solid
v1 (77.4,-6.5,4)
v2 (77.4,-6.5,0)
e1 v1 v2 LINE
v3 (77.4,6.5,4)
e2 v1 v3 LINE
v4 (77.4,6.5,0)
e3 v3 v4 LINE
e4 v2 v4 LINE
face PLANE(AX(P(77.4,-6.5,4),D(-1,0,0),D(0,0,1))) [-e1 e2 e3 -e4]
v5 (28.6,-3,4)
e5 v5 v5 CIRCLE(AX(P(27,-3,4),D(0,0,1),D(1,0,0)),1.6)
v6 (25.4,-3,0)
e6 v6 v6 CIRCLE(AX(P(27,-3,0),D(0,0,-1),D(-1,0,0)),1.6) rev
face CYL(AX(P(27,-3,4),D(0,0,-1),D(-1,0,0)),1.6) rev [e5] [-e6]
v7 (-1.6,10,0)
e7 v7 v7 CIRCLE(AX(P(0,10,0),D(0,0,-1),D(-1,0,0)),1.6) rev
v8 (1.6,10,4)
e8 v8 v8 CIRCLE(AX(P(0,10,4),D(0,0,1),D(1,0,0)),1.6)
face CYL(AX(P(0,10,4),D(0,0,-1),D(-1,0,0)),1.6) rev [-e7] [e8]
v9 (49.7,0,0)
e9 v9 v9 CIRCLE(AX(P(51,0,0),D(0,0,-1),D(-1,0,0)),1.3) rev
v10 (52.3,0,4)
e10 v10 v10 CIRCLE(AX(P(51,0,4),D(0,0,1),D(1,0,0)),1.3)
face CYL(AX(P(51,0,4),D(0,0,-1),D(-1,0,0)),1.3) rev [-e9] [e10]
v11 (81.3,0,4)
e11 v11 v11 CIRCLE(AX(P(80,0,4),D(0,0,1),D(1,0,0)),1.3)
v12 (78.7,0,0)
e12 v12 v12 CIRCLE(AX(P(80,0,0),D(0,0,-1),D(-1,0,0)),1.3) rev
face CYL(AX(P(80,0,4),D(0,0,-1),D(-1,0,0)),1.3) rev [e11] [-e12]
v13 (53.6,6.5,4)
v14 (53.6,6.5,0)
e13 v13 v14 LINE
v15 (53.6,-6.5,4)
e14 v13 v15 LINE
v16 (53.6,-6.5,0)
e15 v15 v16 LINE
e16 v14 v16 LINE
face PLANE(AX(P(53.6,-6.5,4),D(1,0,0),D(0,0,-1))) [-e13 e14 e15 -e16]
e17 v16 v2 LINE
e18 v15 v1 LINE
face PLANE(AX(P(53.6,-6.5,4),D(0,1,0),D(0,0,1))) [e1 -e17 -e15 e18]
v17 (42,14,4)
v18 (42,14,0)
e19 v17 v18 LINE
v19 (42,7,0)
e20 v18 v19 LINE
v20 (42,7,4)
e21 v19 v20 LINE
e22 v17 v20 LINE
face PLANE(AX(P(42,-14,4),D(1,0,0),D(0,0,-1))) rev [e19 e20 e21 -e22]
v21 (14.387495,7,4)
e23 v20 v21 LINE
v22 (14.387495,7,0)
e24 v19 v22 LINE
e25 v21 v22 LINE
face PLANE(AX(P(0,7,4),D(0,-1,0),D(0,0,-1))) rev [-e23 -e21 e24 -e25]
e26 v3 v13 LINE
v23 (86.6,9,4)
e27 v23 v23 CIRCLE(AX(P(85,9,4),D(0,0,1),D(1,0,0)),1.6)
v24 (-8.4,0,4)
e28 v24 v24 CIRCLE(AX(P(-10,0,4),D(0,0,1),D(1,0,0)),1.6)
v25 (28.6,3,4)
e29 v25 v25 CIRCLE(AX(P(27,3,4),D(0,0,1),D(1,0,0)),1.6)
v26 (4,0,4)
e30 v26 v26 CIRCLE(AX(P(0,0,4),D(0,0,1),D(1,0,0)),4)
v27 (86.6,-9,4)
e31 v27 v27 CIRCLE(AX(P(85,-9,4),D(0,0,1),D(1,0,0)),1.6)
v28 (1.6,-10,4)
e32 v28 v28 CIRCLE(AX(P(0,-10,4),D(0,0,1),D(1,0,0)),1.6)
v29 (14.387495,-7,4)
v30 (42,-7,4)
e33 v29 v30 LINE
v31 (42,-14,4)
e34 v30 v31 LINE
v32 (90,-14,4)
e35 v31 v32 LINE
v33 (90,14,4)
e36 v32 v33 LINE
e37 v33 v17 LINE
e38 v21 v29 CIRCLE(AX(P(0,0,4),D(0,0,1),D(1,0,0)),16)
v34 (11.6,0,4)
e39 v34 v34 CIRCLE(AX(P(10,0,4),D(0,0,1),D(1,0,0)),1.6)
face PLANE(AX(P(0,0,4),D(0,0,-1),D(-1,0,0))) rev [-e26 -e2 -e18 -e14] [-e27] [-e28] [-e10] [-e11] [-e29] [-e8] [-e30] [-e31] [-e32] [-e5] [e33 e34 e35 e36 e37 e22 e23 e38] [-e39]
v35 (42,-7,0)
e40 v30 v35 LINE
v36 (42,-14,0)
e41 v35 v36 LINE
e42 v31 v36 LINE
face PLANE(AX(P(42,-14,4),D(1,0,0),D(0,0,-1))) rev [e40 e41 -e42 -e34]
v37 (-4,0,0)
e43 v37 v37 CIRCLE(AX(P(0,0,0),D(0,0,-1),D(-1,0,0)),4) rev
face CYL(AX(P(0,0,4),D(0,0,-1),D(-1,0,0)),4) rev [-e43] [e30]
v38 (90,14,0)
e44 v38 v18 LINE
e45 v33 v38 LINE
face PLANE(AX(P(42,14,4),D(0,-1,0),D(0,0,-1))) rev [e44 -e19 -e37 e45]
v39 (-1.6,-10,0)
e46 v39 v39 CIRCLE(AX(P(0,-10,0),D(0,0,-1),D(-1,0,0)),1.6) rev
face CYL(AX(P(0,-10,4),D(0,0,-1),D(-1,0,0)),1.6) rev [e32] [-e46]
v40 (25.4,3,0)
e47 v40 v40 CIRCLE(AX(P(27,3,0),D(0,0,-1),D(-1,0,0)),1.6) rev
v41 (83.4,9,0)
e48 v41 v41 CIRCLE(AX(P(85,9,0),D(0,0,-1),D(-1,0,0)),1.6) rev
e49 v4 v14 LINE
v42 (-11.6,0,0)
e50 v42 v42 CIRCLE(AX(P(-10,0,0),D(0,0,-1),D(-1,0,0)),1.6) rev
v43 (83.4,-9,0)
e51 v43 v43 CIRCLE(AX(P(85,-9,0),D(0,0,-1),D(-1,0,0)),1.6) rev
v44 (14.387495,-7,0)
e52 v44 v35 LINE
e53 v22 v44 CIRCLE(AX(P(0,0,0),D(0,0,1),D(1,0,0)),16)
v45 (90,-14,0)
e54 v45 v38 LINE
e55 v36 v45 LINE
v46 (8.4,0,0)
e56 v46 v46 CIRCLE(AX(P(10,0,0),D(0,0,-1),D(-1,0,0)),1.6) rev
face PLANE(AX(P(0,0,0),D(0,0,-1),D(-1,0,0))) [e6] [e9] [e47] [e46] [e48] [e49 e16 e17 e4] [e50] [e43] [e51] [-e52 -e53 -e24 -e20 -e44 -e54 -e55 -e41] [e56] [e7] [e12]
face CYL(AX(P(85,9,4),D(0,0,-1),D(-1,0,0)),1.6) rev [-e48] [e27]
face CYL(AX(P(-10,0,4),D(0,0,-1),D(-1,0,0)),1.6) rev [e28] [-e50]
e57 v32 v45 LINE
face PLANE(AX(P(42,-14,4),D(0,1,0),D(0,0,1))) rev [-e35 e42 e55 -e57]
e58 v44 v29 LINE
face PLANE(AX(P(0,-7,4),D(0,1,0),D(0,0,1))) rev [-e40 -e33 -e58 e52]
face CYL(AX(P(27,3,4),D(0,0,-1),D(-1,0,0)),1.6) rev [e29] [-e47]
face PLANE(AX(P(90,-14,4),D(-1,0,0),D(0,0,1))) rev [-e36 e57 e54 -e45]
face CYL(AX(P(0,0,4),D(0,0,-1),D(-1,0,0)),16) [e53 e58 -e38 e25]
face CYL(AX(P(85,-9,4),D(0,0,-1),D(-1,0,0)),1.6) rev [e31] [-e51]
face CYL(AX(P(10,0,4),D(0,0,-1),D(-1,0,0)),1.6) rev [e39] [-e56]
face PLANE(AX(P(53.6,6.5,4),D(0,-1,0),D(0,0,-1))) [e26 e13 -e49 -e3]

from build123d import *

# Parameters (mm, degrees)
MAIN_WEB_PROFILE_W                     = 60
MAIN_WEB_PROFILE_H                     = 14
MAIN_WEB_DEPTH                         = 4
SHOULDER_HORN_FLANGE_PROFILE_R         = 16
SHOULDER_HORN_FLANGE_DEPTH             = 4
ELBOW_SERVO_MOUNT_PROFILE_W            = 48
ELBOW_SERVO_MOUNT_PROFILE_H            = 28
ELBOW_SERVO_MOUNT_DEPTH                = 4
SG90_BODY_CLEARANCE_START              = -5
SG90_BODY_CLEARANCE_PROFILE_W          = 23.8
SG90_BODY_CLEARANCE_PROFILE_H          = 13
SG90_BODY_CLEARANCE_DEPTH              = 97.49863387
ELBOW_TAB_FASTENERS_START              = -50
ELBOW_TAB_FASTENERS_PROFILE_R          = 1.3
ELBOW_TAB_FASTENERS_DEPTH              = 142.49863387
SHOULDER_CENTER_SCREW_ACCESS_START     = -50
SHOULDER_CENTER_SCREW_ACCESS_PROFILE_R = 4
SHOULDER_CENTER_SCREW_ACCESS_DEPTH     = 142.49863387
SHOULDER_HORN_BOLT_PATTERN_START       = -50
SHOULDER_HORN_BOLT_PATTERN_PROFILE_R   = 1.6
SHOULDER_HORN_BOLT_PATTERN_DEPTH       = 142.49863387
CABLE_TIE_HOLES_START                  = -50
CABLE_TIE_HOLES_PROFILE_R              = 1.6
CABLE_TIE_HOLES_DEPTH                  = 142.49863387
PASSIVE_CHEEK_STANDOFFS_START          = -50
PASSIVE_CHEEK_STANDOFFS_PROFILE_R      = 1.6
PASSIVE_CHEEK_STANDOFFS_DEPTH          = 142.49863387


with BuildPart() as part:
    # Main_web_profile → Main_web (new body)
    with BuildSketch(Plane.XY):
        with Locations((30, 0)):
            Rectangle(MAIN_WEB_PROFILE_W, MAIN_WEB_PROFILE_H)
    extrude(amount=MAIN_WEB_DEPTH)

    # Shoulder_horn_flange_profile → Shoulder_horn_flange (add)
    with BuildSketch(Plane.XY):
        Circle(SHOULDER_HORN_FLANGE_PROFILE_R)
    extrude(amount=SHOULDER_HORN_FLANGE_DEPTH)

    # Elbow_servo_mount_profile → Elbow_servo_mount (add)
    with BuildSketch(Plane.XY):
        with Locations((66, 0)):
            Rectangle(ELBOW_SERVO_MOUNT_PROFILE_W, ELBOW_SERVO_MOUNT_PROFILE_H)
    extrude(amount=ELBOW_SERVO_MOUNT_DEPTH)

    # SG90_body_clearance_profile → SG90_body_clearance (cut, through all)
    with BuildSketch(Plane.XY.offset(SG90_BODY_CLEARANCE_START)):
        with Locations((65.5, 0)):
            Rectangle(SG90_BODY_CLEARANCE_PROFILE_W, SG90_BODY_CLEARANCE_PROFILE_H)
    extrude(amount=SG90_BODY_CLEARANCE_DEPTH, mode=Mode.SUBTRACT)

    # Elbow_tab_fasteners_profile → Elbow_tab_fasteners (cut, through all)
    with BuildSketch(Plane.XY.offset(ELBOW_TAB_FASTENERS_START)):
        with Locations(Location((51, 0, 0), (0, 0, 180))):
            Circle(ELBOW_TAB_FASTENERS_PROFILE_R)
        with Locations(Location((80, 0, 0), (0, 0, 180))):
            Circle(ELBOW_TAB_FASTENERS_PROFILE_R)
    extrude(amount=ELBOW_TAB_FASTENERS_DEPTH, mode=Mode.SUBTRACT)

    # Shoulder_center_screw_access_profile → Shoulder_center_screw_access (cut, through all)
    with BuildSketch(Plane.XY.offset(SHOULDER_CENTER_SCREW_ACCESS_START)):
        with Locations(Location((0, 0, 0), (0, 0, 180))):
            Circle(SHOULDER_CENTER_SCREW_ACCESS_PROFILE_R)
    extrude(amount=SHOULDER_CENTER_SCREW_ACCESS_DEPTH, mode=Mode.SUBTRACT)

    # Shoulder_horn_bolt_pattern_profile → Shoulder_horn_bolt_pattern (cut, through all)
    with BuildSketch(Plane.XY.offset(SHOULDER_HORN_BOLT_PATTERN_START)):
        with Locations(Location((0, 10, 0), (0, 0, 180))):
            Circle(SHOULDER_HORN_BOLT_PATTERN_PROFILE_R)
        with Locations(Location((0, -10, 0), (0, 0, 180))):
            Circle(SHOULDER_HORN_BOLT_PATTERN_PROFILE_R)
        with Locations(Location((10, 0, 0), (0, 0, 180))):
            Circle(SHOULDER_HORN_BOLT_PATTERN_PROFILE_R)
        with Locations(Location((-10, 0, 0), (0, 0, 180))):
            Circle(SHOULDER_HORN_BOLT_PATTERN_PROFILE_R)
    extrude(amount=SHOULDER_HORN_BOLT_PATTERN_DEPTH, mode=Mode.SUBTRACT)

    # Cable_tie_holes_profile → Cable_tie_holes (cut, through all)
    with BuildSketch(Plane.XY.offset(CABLE_TIE_HOLES_START)):
        with Locations(Location((27, -3, 0), (0, 0, 180))):
            Circle(CABLE_TIE_HOLES_PROFILE_R)
        with Locations(Location((27, 3, 0), (0, 0, 180))):
            Circle(CABLE_TIE_HOLES_PROFILE_R)
    extrude(amount=CABLE_TIE_HOLES_DEPTH, mode=Mode.SUBTRACT)

    # Passive_cheek_standoffs_profile → Passive_cheek_standoffs (cut, through all)
    with BuildSketch(Plane.XY.offset(PASSIVE_CHEEK_STANDOFFS_START)):
        with Locations(Location((85, -9, 0), (0, 0, 180))):
            Circle(PASSIVE_CHEEK_STANDOFFS_PROFILE_R)
        with Locations(Location((85, 9, 0), (0, 0, 180))):
            Circle(PASSIVE_CHEEK_STANDOFFS_PROFILE_R)
    extrude(amount=PASSIVE_CHEEK_STANDOFFS_DEPTH, mode=Mode.SUBTRACT)


solid = part.part
